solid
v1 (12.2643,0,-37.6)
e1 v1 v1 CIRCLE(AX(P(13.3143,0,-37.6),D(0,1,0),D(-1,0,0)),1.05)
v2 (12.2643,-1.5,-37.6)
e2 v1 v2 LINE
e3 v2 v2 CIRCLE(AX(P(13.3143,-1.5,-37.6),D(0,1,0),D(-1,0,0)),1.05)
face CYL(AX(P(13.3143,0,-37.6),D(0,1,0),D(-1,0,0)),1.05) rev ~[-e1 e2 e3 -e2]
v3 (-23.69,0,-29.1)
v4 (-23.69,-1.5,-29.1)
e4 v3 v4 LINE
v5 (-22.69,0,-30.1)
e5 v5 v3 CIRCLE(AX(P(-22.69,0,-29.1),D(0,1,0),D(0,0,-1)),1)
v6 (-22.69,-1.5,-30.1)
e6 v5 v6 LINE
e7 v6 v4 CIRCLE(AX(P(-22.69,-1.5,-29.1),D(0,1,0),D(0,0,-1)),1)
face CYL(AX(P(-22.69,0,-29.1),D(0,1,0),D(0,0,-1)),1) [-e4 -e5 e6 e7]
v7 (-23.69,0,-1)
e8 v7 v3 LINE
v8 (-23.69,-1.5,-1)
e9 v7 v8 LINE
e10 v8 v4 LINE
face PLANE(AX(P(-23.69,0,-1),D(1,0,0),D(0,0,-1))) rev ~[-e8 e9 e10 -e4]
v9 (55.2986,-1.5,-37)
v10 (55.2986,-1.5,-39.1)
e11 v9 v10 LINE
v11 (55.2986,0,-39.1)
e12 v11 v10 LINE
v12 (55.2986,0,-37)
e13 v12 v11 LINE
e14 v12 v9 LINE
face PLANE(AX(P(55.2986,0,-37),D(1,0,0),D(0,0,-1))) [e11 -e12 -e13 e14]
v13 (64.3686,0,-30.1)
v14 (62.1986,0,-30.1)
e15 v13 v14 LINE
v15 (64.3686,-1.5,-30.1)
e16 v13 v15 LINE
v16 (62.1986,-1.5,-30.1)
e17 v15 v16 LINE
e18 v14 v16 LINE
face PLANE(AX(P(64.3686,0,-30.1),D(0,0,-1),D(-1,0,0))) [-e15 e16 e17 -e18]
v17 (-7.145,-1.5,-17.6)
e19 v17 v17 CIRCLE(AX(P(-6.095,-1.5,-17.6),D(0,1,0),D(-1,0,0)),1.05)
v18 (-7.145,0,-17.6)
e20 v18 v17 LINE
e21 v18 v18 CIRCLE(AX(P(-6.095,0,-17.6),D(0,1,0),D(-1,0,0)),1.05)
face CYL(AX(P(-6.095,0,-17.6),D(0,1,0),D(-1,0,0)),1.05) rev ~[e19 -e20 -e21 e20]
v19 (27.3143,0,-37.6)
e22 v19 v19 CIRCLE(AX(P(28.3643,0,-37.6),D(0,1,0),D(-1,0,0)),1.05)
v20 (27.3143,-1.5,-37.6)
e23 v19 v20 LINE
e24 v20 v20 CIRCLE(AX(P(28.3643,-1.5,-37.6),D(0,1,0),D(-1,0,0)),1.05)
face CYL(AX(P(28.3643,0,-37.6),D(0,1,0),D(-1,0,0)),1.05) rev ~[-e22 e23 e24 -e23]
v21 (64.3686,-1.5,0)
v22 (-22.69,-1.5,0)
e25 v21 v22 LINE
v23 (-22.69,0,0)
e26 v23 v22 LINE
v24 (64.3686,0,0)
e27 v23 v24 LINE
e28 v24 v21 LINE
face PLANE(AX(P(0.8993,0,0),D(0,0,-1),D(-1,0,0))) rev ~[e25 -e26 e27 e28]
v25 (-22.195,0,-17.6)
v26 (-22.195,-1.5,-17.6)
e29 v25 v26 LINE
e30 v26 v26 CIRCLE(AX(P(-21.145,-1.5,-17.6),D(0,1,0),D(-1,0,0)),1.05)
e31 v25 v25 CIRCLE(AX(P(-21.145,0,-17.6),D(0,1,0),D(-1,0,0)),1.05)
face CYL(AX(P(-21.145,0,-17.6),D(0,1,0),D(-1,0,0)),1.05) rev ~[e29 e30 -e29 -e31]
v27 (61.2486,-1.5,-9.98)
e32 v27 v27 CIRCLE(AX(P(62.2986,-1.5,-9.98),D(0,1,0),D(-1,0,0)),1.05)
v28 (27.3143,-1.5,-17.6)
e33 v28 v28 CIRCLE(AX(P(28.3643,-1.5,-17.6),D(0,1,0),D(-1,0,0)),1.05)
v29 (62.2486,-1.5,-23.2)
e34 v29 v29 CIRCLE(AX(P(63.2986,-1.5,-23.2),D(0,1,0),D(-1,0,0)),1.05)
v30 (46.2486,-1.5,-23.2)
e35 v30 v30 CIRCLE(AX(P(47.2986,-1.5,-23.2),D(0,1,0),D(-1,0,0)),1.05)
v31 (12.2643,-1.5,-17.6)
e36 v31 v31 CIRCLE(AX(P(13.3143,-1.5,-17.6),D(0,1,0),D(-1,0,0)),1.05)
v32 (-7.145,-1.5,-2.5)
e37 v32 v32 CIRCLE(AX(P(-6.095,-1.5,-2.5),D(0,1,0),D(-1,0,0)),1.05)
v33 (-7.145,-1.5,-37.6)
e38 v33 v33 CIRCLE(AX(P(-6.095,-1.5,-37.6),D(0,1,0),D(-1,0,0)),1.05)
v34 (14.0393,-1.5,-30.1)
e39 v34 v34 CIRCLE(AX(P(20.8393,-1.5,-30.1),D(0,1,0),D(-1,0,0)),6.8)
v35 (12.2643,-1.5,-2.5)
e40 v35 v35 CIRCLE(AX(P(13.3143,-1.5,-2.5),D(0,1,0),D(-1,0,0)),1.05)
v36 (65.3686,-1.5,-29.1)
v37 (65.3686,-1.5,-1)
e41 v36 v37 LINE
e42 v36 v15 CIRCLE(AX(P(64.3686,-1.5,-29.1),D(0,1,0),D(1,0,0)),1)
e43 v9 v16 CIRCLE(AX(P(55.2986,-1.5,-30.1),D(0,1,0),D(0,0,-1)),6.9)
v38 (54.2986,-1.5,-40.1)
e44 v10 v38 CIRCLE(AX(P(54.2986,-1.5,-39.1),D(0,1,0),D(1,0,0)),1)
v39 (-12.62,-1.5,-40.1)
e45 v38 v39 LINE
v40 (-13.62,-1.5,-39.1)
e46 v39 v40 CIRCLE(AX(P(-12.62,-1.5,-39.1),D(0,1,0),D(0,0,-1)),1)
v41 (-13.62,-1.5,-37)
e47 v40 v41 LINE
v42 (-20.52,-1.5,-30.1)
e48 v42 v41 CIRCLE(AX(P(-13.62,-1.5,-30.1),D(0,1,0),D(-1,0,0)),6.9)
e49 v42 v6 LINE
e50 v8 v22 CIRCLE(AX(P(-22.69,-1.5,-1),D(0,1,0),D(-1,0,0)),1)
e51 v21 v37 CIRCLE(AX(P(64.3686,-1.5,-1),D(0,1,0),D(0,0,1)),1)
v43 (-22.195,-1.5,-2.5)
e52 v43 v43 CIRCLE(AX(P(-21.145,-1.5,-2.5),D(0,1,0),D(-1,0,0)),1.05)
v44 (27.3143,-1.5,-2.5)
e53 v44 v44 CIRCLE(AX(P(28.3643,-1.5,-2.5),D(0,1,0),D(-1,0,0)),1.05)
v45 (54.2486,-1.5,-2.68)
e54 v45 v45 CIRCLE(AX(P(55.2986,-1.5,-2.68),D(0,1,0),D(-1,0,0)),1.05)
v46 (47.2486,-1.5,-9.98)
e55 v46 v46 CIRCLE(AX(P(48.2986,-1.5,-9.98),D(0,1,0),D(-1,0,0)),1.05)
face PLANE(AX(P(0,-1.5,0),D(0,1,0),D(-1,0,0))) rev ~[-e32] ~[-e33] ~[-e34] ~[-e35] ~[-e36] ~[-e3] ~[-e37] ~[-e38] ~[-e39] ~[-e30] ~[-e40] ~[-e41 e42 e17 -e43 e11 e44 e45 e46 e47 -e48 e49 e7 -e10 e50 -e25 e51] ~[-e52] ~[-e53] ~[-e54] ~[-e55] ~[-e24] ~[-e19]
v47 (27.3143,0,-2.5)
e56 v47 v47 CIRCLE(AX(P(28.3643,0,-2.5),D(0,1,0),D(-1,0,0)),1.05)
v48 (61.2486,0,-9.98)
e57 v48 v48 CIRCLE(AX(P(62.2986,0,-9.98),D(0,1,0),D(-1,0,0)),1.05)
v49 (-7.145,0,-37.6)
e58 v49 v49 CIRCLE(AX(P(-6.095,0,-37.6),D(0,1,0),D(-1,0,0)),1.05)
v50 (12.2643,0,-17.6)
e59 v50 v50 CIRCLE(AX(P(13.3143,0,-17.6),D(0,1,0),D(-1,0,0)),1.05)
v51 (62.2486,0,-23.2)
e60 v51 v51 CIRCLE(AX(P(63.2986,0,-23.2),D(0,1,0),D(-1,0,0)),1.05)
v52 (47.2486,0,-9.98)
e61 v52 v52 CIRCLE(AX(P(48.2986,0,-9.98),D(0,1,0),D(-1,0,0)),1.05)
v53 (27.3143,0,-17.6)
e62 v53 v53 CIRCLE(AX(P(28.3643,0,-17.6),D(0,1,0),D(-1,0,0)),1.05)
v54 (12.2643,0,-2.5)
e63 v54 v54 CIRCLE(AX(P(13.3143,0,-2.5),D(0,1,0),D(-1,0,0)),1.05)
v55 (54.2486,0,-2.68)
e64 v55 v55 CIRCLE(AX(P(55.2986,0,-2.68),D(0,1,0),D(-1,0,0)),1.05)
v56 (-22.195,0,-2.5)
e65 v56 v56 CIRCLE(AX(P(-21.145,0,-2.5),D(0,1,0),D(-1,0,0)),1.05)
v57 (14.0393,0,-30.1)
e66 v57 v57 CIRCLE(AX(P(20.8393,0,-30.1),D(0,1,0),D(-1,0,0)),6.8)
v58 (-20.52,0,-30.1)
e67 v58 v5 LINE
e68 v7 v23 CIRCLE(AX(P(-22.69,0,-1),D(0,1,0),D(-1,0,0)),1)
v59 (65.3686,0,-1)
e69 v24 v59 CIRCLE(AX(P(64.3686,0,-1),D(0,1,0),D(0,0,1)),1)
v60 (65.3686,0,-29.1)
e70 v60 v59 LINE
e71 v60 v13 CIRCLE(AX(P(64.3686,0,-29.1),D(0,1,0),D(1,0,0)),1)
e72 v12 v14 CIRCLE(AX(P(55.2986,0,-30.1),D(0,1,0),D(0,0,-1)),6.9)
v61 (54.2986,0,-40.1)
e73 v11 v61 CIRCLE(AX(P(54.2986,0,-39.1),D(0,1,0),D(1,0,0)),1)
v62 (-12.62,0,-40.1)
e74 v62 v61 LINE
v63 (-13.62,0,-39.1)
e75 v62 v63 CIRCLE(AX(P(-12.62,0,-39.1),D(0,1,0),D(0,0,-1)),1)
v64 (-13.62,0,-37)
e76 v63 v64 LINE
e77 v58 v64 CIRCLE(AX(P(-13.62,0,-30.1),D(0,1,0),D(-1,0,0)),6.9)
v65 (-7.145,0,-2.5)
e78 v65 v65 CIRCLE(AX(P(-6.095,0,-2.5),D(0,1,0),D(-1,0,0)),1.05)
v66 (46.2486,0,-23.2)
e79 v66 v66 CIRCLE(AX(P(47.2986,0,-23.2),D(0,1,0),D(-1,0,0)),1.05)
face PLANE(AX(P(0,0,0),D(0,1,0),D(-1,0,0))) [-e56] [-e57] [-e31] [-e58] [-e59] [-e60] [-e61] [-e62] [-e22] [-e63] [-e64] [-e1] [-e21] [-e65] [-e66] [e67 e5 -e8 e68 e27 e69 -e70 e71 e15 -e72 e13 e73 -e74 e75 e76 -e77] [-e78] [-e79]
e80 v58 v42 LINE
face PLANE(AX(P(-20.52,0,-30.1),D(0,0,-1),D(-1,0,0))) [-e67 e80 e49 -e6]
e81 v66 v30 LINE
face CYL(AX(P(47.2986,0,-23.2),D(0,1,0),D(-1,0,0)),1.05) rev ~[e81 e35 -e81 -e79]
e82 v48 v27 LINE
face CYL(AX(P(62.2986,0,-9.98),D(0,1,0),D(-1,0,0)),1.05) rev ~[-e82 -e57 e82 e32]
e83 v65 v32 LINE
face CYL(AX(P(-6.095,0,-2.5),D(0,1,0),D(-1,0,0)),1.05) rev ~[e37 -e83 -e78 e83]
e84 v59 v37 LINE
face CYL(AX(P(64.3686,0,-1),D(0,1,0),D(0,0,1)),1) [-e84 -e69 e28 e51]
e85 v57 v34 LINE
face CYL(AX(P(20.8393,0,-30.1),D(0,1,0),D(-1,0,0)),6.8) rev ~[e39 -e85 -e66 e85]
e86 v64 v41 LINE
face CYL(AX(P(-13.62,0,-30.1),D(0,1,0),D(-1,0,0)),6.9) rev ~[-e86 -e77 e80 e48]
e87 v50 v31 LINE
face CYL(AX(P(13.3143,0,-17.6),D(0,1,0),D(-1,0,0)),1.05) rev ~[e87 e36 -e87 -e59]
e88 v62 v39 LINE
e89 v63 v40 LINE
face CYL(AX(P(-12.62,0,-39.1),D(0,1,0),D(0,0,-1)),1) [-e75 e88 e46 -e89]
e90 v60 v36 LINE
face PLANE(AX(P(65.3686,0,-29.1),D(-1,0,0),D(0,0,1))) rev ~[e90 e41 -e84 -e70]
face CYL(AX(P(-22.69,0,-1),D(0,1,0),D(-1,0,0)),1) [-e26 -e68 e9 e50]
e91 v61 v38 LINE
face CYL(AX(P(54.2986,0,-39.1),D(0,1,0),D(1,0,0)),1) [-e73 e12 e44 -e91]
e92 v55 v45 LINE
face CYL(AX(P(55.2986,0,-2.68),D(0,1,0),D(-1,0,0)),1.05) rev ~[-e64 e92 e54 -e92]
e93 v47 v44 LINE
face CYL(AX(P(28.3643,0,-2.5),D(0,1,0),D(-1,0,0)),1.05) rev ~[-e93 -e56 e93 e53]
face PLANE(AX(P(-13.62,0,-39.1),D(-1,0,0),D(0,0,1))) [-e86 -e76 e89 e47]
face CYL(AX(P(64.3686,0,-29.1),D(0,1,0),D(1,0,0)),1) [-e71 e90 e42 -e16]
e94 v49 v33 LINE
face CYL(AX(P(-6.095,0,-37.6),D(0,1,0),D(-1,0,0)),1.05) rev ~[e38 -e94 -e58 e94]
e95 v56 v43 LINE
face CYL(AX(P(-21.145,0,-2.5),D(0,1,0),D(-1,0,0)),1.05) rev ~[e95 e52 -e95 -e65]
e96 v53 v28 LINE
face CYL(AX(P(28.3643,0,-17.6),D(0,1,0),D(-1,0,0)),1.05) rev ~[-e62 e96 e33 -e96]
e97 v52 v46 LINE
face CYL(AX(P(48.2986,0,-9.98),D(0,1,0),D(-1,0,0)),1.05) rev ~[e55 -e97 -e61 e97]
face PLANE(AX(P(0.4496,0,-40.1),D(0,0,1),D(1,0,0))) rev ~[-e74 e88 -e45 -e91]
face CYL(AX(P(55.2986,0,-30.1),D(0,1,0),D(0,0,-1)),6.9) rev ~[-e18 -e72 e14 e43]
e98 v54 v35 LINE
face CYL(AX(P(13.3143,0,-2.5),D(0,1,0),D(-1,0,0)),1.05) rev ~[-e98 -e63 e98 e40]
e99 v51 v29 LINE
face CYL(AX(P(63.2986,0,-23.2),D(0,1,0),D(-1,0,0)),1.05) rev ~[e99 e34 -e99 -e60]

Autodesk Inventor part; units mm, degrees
ref_plane "YZ Plane" through (0, 0, 0) normal (1, 0, 0) x (0, 1, 0)
ref_plane "XZ Plane" through (0, 0, 0) normal (0, 1, 0) x (-1, 0, 0)
ref_plane "XY Plane" through (0, 0, 0) normal (0, 0, 1) x (1, 0, 0)
sketch "Sketch1" plane through (0, 0, 0) normal (0, 1, 0) x (-1, 0, 0)
  line L0 (-0.4496, -40.1) -> (-0.4496, 0)
  line L1 (-41.2289, 0) -> (-41.2289, -40.1)
  circle A0 centre (-20.8393, -30.1) radius 6.8
  circle A1 centre (-13.3143, -37.6) radius 1.05
  circle A2 centre (-28.3643, -37.6) radius 1.05
  circle A3 centre (-13.3143, -17.6) radius 1.05
  circle A4 centre (-28.3643, -17.6) radius 1.05
  circle A5 centre (-13.3143, -2.5) radius 1.05
  circle A6 centre (-28.3643, -2.5) radius 1.05
  circle A7 centre (6.095, -37.6) radius 1.05
  circle A8 centre (21.145, -17.6) radius 1.05
  circle A9 centre (6.095, -17.6) radius 1.05
  circle A10 centre (21.145, -2.5) radius 1.05
  circle A11 centre (6.095, -2.5) radius 1.05
  circle A12 centre (-47.2986, -23.2) radius 1.05
  circle A13 centre (-63.2986, -23.2) radius 1.05
  circle A14 centre (-48.2986, -9.98) radius 1.05
  circle A15 centre (-62.2986, -9.98) radius 1.05
  circle A16 centre (-55.2986, -2.68) radius 1.05
  arc A17 (23.69, -1) -> (22.69, 0) centre (22.69, -1) ccw
  arc A18 (-64.3686, 0) -> (-65.3686, -1) centre (-64.3686, -1) ccw
  line L2 (-65.3686, -29.1) -> (-65.3686, -1)
  arc A19 (-65.3686, -29.1) -> (-64.3686, -30.1) centre (-64.3686, -29.1) ccw
  line L3 (-64.3686, -30.1) -> (-62.1986, -30.1)
  arc A20 (-55.2986, -39.1) -> (-54.2986, -40.1) centre (-54.2986, -39.1) ccw
  line L4 (-55.2986, -37) -> (-55.2986, -39.1)
  arc A21 (22.69, -30.1) -> (23.69, -29.1) centre (22.69, -29.1) ccw
  line L5 (20.52, -30.1) -> (22.69, -30.1)
  arc A22 (12.62, -40.1) -> (13.62, -39.1) centre (12.62, -39.1) ccw
  line L6 (13.62, -39.1) -> (13.62, -37)
  arc A23 (20.52, -30.1) -> (13.62, -37) centre (13.62, -30.1) ccw
  arc A24 (-55.2986, -37) -> (-62.1986, -30.1) centre (-55.2986, -30.1) ccw
  line L7 (23.69, -1) -> (23.69, -29.1)
  line L8 (-64.3686, 0) -> (22.69, 0)
  line L9 (12.62, -40.1) -> (-54.2986, -40.1)
  line L10 (-41.6786, -40.1) -> (-41.6786, 0)
  line L11 (-40.7793, 0) -> (-40.7793, -40.1)
  line L12 (-0.8993, -40.1) -> (-0.8993, 0)
  line L13 (0, 0) -> (0, -40.1)
  point P0 (0, 0)
extrude "Extrusion1" add sketch "Sketch1" against normal blind 1.5
properties part number "axis_5_top_frame" material "Aluminum 6061-AHC"
